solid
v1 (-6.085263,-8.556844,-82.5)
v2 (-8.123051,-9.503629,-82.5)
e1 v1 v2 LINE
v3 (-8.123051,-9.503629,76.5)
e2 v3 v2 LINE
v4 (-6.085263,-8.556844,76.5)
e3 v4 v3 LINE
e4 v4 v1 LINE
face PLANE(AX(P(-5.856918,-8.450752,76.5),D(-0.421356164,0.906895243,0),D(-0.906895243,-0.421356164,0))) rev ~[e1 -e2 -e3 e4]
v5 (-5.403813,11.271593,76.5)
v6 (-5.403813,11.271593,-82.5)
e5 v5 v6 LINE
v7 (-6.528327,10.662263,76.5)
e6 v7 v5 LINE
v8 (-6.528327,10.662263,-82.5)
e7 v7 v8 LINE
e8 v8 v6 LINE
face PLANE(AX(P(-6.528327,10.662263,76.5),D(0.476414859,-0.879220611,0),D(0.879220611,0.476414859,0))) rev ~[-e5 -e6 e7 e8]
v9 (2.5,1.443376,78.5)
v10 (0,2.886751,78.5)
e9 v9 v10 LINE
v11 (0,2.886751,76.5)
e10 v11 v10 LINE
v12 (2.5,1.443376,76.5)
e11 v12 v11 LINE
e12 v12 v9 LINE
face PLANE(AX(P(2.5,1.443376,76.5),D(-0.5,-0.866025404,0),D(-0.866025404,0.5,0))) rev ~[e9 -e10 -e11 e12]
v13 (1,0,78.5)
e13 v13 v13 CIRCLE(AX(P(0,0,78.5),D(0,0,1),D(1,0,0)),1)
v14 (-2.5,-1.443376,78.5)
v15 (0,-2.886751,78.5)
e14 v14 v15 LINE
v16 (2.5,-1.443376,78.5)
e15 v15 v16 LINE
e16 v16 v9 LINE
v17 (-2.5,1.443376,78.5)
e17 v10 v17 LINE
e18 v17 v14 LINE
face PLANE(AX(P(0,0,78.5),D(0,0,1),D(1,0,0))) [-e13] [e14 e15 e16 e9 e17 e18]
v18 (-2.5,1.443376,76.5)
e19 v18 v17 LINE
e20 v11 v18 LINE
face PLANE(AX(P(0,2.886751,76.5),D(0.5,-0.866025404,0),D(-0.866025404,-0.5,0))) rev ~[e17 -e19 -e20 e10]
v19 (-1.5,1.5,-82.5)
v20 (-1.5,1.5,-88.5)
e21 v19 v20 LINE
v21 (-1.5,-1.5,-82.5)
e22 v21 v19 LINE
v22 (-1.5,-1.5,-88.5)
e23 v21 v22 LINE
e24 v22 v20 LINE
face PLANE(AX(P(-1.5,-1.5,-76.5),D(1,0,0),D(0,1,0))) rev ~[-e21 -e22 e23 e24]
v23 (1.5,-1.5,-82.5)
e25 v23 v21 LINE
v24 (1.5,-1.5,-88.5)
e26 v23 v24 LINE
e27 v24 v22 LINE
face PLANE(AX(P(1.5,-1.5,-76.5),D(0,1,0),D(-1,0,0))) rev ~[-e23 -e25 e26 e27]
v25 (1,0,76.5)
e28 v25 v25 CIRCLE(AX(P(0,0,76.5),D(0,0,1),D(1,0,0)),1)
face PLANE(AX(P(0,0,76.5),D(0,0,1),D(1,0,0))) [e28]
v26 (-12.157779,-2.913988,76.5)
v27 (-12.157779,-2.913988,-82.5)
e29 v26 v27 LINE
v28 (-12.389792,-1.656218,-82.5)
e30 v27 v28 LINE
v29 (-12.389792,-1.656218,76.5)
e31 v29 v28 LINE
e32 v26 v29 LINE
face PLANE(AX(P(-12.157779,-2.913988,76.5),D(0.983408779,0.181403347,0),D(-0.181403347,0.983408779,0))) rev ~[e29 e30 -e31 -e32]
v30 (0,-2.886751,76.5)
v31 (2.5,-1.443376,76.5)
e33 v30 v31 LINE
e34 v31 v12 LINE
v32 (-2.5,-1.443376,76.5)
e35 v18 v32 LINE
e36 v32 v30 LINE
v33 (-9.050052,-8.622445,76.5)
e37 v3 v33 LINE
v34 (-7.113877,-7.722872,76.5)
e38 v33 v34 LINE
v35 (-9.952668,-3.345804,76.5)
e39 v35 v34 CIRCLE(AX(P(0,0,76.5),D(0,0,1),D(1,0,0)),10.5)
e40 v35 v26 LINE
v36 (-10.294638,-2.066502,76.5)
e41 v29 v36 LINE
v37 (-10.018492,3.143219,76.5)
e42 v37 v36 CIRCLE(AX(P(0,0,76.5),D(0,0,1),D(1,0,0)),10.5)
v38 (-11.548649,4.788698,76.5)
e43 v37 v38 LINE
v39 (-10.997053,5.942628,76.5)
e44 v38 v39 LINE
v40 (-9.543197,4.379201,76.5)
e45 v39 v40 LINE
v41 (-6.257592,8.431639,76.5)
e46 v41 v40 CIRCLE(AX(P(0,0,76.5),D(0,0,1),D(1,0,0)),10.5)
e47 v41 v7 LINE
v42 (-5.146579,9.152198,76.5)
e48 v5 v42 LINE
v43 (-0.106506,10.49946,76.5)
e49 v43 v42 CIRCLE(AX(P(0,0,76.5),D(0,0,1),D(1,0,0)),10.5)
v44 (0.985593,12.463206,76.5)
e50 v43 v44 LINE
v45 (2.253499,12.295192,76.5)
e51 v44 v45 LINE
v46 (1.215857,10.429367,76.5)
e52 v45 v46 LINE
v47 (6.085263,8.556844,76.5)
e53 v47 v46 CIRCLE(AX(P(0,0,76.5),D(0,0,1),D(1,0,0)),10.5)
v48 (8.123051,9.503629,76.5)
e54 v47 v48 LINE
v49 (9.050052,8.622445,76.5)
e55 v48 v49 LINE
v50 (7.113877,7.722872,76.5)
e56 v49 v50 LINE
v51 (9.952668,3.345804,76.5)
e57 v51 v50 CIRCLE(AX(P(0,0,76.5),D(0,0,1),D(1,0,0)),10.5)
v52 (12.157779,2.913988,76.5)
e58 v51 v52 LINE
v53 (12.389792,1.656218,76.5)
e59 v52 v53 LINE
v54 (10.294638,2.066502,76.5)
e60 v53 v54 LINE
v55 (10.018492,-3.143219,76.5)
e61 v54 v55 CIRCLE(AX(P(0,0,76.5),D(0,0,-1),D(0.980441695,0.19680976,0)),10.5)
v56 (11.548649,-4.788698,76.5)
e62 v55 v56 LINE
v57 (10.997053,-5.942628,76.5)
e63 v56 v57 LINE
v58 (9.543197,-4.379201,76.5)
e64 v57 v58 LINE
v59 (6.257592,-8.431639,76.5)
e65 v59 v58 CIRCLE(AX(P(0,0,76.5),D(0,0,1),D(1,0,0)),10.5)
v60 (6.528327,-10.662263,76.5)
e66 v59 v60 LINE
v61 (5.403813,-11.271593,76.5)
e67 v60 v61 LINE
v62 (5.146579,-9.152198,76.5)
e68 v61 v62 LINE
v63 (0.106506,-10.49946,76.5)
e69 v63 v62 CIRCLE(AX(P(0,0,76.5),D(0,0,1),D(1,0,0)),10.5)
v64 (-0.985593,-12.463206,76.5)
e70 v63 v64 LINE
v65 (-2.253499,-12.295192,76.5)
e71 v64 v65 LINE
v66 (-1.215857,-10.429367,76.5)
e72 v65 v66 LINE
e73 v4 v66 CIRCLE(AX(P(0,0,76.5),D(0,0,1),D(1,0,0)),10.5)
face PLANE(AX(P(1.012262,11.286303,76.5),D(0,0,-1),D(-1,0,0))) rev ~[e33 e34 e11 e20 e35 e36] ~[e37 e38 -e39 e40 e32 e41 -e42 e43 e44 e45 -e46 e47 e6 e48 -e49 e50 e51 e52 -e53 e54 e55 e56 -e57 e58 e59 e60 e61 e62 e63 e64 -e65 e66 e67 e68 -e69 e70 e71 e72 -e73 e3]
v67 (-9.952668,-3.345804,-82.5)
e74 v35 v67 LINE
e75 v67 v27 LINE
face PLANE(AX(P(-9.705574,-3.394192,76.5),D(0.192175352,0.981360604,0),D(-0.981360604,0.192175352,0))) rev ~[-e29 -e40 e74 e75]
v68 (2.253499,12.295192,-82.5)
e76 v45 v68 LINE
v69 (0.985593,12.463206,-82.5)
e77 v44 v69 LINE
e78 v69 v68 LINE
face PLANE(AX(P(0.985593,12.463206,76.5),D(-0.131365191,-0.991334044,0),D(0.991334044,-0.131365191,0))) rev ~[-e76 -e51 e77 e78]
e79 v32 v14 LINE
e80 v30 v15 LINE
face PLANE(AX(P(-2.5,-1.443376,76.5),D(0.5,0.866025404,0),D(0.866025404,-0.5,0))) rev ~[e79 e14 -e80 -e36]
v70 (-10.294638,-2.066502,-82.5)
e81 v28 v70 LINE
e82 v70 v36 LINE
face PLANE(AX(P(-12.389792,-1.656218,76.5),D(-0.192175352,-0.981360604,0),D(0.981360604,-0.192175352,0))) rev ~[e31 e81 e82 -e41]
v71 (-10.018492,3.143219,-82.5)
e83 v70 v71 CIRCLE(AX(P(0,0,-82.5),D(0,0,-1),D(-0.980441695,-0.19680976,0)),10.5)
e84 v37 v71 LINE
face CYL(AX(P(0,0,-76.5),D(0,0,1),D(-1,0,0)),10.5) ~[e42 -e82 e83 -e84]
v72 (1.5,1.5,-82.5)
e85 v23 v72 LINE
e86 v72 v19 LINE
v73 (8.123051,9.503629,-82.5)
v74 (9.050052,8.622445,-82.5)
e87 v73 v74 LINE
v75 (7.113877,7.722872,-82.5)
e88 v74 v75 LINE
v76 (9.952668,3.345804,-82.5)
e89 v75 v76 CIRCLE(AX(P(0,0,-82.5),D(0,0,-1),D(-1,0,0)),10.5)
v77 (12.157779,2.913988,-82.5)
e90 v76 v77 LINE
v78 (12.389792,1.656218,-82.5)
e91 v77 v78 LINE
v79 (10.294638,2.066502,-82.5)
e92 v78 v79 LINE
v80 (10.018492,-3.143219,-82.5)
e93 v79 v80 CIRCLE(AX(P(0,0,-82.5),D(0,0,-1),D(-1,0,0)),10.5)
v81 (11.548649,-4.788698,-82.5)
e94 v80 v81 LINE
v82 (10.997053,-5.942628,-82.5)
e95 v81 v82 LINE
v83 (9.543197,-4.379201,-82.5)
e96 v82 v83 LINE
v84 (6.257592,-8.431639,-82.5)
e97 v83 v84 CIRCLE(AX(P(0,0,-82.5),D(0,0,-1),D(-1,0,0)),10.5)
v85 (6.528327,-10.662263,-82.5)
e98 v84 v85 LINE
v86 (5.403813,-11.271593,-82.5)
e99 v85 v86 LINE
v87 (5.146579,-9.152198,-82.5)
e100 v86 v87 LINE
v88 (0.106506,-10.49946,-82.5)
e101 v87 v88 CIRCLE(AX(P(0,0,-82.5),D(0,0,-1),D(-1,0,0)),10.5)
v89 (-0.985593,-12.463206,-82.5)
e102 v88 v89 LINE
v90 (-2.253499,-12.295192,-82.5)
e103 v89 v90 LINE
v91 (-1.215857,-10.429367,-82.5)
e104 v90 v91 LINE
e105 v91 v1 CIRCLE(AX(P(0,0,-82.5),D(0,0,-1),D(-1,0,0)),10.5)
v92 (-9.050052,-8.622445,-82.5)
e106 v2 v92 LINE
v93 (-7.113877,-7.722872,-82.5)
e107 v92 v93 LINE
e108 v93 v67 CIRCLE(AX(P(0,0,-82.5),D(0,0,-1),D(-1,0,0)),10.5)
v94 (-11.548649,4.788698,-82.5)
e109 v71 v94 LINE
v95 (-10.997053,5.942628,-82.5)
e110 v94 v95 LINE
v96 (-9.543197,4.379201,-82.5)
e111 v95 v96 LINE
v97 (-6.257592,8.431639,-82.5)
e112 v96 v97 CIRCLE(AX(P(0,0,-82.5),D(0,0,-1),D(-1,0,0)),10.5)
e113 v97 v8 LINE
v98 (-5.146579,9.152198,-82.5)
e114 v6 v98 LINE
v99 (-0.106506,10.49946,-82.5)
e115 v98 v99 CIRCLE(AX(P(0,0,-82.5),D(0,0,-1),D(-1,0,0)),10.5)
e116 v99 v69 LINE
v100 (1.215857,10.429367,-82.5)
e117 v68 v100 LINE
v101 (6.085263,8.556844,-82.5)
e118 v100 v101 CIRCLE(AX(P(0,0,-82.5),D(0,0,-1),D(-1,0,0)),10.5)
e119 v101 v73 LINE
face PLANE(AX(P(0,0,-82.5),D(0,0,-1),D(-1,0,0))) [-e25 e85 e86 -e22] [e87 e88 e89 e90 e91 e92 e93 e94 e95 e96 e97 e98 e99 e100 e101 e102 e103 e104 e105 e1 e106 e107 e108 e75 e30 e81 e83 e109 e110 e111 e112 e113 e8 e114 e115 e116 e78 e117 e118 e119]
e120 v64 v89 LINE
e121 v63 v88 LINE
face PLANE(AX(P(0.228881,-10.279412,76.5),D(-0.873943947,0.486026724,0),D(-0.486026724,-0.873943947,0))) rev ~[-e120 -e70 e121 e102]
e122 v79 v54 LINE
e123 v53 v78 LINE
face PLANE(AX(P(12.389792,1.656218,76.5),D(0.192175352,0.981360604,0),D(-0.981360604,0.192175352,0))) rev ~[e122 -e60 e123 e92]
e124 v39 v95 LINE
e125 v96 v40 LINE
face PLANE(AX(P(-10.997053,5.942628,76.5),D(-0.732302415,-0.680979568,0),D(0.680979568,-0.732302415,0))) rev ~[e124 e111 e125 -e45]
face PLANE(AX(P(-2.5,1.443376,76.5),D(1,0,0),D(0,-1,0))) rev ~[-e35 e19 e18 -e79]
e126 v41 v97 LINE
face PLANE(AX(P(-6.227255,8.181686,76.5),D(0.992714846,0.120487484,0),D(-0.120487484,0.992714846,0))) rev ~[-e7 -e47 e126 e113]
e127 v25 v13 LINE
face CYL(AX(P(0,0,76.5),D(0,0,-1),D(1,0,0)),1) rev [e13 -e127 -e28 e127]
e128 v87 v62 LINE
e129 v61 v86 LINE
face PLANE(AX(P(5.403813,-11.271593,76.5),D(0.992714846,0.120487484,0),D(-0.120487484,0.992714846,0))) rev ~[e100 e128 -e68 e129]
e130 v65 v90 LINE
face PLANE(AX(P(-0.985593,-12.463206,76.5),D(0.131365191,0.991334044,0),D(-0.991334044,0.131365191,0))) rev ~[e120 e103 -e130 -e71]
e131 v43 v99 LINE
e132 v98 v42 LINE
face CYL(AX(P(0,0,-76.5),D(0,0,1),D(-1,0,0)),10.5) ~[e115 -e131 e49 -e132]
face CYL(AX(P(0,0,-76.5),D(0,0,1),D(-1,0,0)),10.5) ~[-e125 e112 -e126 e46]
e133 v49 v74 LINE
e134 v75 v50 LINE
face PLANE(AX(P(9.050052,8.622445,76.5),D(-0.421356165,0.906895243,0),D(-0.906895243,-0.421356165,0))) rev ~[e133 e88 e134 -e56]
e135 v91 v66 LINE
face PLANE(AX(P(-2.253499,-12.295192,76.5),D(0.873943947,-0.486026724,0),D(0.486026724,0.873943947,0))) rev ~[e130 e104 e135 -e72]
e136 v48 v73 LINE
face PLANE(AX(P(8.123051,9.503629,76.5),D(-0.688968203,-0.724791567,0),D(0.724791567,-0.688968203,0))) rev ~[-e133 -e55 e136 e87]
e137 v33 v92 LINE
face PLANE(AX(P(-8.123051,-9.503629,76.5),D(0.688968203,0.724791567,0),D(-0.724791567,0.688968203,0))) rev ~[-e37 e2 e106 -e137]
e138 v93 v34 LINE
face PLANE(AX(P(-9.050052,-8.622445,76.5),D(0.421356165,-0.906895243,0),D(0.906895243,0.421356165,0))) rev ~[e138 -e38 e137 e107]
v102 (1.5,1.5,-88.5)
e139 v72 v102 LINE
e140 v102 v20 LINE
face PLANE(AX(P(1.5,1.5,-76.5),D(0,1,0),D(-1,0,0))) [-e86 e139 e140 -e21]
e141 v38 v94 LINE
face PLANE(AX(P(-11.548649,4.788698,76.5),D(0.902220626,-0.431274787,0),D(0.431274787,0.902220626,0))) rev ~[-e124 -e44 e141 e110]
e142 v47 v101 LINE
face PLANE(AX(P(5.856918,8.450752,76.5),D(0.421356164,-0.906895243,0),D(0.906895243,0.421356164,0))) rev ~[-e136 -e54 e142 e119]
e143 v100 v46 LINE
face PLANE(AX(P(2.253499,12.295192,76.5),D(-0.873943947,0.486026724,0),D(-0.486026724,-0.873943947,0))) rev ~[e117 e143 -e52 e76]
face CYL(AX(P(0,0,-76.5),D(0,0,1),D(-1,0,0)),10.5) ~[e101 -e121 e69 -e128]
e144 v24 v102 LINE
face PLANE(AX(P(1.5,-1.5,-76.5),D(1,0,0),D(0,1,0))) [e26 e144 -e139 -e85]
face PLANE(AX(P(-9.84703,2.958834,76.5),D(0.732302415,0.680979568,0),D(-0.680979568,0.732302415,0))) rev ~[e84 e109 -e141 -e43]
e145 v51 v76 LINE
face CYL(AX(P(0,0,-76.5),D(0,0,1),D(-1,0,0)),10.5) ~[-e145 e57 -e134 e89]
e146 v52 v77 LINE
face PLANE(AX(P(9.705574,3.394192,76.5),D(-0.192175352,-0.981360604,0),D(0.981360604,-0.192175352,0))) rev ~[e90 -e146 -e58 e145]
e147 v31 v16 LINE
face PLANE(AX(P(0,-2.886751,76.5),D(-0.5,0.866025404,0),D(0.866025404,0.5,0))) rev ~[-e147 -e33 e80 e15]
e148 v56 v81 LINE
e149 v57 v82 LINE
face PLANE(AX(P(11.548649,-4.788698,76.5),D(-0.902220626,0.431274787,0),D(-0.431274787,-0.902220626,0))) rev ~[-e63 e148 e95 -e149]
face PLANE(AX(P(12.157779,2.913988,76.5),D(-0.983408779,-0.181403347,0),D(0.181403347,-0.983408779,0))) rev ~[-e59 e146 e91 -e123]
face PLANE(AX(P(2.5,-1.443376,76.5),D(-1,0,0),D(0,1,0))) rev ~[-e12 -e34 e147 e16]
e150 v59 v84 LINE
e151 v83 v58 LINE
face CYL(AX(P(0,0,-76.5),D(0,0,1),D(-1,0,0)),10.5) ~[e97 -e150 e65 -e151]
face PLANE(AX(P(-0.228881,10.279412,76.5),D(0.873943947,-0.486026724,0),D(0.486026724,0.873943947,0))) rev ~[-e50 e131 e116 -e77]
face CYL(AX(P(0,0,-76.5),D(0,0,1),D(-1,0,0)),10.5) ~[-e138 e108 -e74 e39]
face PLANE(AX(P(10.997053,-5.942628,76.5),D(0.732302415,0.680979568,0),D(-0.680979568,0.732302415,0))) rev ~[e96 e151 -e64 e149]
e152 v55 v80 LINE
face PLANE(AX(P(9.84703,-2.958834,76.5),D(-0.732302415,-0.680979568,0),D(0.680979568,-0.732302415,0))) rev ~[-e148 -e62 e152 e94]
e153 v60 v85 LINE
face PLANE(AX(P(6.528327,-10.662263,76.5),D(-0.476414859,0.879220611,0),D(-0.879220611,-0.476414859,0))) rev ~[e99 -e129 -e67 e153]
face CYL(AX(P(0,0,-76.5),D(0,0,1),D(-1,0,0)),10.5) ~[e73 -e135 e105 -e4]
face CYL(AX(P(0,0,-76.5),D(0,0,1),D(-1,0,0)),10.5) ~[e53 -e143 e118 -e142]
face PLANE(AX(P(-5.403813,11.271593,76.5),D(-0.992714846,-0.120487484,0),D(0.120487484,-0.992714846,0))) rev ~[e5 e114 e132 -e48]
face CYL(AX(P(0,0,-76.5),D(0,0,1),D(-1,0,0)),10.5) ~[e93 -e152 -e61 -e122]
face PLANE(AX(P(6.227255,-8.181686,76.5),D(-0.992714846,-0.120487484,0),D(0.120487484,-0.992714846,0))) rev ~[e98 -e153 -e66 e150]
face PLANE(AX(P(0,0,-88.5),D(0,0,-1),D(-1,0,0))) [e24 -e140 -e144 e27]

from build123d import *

# Parameters (mm, degrees)
SKETCH1_R           = 10.5
BOSS_EXTRUDE1_DEPTH = 76.5
SKETCH3_W           = 3
SKETCH3_H           = 3
BOSS_EXTRUDE2_DEPTH = 12
SKETCH4_R           = 1
BOSS_EXTRUDE3_DEPTH = 2
SKETCH7_R           = 10.5
SKETCH7_W           = 3
SKETCH7_H           = 3
BOSS_EXTRUDE4_DEPTH = 6
BOSS_EXTRUDE5_DEPTH = 159


with BuildPart() as part:
    # Sketch1 → Boss-Extrude1 (new, symmetric)
    with BuildSketch(Plane.XY):
        Circle(SKETCH1_R)
    extrude(amount=BOSS_EXTRUDE1_DEPTH, both=True)

    # Sketch3 → Boss-Extrude2 (add)
    with BuildSketch(Plane(origin=(0, 0, -76.5), x_dir=(-1, 0, 0), z_dir=(0, 0, -1))):
        Rectangle(SKETCH3_W, SKETCH3_H)
    extrude(amount=BOSS_EXTRUDE2_DEPTH)

    # Sketch4 → Boss-Extrude3 (add)
    with BuildSketch(Plane.XY.offset(76.5)):
        Polygon((0, 2.886751346), (-2.5, 1.443375673), (-2.5, -1.443375673), (0, -2.886751346), (2.5, -1.443375673), (2.5, 1.443375673), align=None)
        Circle(SKETCH4_R, mode=Mode.SUBTRACT)
    extrude(amount=BOSS_EXTRUDE3_DEPTH)

    # Sketch7 → Boss-Extrude4 (add)
    with BuildSketch(Plane(origin=(0, 0, -76.5), x_dir=(-1, 0, 0), z_dir=(0, 0, -1))):
        Circle(SKETCH7_R)
        Rectangle(SKETCH7_W, SKETCH7_H, mode=Mode.SUBTRACT)
    extrude(amount=BOSS_EXTRUDE4_DEPTH)

    # Sketch8 → Boss-Extrude5 (add)
    with BuildSketch(Plane.XY.offset(76.5)):
        Polygon((-0.228880958, 10.279411866), (0.985593436, 12.463206486), (2.253499249, 12.295191789), (1.036282986, 10.106466905), align=None)
        Polygon((9.050051597, 8.622445482), (6.778802746, 7.567191623), (5.856918112, 8.450751744), (8.123050808, 9.503628565), align=None)
        Polygon((12.389791835, 1.656218067), (9.93205026, 2.137506341), (9.705573533, 3.394191686), (12.157778863, 2.913987549), align=None)
        Polygon((10.997052705, -5.942628357), (9.291592153, -4.108633713), (9.847029745, -2.958834232), (11.548648621, -4.788697668), align=None)
        Polygon((5.403813218, -11.271592731), (5.102061653, -8.785415336), (6.227255282, -8.18168604), (6.52832713, -10.662263138), align=None)
        Polygon((-2.253499249, -12.295191789), (-1.036282986, -10.106466905), (0.228880958, -10.279411866), (-0.985593436, -12.463206486), align=None)
        Polygon((-9.050051597, -8.622445482), (-6.778802746, -7.567191623), (-5.856918112, -8.450751744), (-8.123050808, -9.503628565), align=None)
        Polygon((-12.389791835, -1.656218067), (-9.93205026, -2.137506341), (-9.705573533, -3.394191686), (-12.157778863, -2.913987549), align=None)
        Polygon((-10.997052705, 5.942628357), (-9.291592153, 4.108633713), (-9.847029745, 2.958834232), (-11.548648621, 4.788697668), align=None)
        Polygon((-5.403813218, 11.271592731), (-5.102061653, 8.785415336), (-6.227255282, 8.18168604), (-6.52832713, 10.662263138), align=None)
    extrude(amount=-BOSS_EXTRUDE5_DEPTH)


solid = part.part
